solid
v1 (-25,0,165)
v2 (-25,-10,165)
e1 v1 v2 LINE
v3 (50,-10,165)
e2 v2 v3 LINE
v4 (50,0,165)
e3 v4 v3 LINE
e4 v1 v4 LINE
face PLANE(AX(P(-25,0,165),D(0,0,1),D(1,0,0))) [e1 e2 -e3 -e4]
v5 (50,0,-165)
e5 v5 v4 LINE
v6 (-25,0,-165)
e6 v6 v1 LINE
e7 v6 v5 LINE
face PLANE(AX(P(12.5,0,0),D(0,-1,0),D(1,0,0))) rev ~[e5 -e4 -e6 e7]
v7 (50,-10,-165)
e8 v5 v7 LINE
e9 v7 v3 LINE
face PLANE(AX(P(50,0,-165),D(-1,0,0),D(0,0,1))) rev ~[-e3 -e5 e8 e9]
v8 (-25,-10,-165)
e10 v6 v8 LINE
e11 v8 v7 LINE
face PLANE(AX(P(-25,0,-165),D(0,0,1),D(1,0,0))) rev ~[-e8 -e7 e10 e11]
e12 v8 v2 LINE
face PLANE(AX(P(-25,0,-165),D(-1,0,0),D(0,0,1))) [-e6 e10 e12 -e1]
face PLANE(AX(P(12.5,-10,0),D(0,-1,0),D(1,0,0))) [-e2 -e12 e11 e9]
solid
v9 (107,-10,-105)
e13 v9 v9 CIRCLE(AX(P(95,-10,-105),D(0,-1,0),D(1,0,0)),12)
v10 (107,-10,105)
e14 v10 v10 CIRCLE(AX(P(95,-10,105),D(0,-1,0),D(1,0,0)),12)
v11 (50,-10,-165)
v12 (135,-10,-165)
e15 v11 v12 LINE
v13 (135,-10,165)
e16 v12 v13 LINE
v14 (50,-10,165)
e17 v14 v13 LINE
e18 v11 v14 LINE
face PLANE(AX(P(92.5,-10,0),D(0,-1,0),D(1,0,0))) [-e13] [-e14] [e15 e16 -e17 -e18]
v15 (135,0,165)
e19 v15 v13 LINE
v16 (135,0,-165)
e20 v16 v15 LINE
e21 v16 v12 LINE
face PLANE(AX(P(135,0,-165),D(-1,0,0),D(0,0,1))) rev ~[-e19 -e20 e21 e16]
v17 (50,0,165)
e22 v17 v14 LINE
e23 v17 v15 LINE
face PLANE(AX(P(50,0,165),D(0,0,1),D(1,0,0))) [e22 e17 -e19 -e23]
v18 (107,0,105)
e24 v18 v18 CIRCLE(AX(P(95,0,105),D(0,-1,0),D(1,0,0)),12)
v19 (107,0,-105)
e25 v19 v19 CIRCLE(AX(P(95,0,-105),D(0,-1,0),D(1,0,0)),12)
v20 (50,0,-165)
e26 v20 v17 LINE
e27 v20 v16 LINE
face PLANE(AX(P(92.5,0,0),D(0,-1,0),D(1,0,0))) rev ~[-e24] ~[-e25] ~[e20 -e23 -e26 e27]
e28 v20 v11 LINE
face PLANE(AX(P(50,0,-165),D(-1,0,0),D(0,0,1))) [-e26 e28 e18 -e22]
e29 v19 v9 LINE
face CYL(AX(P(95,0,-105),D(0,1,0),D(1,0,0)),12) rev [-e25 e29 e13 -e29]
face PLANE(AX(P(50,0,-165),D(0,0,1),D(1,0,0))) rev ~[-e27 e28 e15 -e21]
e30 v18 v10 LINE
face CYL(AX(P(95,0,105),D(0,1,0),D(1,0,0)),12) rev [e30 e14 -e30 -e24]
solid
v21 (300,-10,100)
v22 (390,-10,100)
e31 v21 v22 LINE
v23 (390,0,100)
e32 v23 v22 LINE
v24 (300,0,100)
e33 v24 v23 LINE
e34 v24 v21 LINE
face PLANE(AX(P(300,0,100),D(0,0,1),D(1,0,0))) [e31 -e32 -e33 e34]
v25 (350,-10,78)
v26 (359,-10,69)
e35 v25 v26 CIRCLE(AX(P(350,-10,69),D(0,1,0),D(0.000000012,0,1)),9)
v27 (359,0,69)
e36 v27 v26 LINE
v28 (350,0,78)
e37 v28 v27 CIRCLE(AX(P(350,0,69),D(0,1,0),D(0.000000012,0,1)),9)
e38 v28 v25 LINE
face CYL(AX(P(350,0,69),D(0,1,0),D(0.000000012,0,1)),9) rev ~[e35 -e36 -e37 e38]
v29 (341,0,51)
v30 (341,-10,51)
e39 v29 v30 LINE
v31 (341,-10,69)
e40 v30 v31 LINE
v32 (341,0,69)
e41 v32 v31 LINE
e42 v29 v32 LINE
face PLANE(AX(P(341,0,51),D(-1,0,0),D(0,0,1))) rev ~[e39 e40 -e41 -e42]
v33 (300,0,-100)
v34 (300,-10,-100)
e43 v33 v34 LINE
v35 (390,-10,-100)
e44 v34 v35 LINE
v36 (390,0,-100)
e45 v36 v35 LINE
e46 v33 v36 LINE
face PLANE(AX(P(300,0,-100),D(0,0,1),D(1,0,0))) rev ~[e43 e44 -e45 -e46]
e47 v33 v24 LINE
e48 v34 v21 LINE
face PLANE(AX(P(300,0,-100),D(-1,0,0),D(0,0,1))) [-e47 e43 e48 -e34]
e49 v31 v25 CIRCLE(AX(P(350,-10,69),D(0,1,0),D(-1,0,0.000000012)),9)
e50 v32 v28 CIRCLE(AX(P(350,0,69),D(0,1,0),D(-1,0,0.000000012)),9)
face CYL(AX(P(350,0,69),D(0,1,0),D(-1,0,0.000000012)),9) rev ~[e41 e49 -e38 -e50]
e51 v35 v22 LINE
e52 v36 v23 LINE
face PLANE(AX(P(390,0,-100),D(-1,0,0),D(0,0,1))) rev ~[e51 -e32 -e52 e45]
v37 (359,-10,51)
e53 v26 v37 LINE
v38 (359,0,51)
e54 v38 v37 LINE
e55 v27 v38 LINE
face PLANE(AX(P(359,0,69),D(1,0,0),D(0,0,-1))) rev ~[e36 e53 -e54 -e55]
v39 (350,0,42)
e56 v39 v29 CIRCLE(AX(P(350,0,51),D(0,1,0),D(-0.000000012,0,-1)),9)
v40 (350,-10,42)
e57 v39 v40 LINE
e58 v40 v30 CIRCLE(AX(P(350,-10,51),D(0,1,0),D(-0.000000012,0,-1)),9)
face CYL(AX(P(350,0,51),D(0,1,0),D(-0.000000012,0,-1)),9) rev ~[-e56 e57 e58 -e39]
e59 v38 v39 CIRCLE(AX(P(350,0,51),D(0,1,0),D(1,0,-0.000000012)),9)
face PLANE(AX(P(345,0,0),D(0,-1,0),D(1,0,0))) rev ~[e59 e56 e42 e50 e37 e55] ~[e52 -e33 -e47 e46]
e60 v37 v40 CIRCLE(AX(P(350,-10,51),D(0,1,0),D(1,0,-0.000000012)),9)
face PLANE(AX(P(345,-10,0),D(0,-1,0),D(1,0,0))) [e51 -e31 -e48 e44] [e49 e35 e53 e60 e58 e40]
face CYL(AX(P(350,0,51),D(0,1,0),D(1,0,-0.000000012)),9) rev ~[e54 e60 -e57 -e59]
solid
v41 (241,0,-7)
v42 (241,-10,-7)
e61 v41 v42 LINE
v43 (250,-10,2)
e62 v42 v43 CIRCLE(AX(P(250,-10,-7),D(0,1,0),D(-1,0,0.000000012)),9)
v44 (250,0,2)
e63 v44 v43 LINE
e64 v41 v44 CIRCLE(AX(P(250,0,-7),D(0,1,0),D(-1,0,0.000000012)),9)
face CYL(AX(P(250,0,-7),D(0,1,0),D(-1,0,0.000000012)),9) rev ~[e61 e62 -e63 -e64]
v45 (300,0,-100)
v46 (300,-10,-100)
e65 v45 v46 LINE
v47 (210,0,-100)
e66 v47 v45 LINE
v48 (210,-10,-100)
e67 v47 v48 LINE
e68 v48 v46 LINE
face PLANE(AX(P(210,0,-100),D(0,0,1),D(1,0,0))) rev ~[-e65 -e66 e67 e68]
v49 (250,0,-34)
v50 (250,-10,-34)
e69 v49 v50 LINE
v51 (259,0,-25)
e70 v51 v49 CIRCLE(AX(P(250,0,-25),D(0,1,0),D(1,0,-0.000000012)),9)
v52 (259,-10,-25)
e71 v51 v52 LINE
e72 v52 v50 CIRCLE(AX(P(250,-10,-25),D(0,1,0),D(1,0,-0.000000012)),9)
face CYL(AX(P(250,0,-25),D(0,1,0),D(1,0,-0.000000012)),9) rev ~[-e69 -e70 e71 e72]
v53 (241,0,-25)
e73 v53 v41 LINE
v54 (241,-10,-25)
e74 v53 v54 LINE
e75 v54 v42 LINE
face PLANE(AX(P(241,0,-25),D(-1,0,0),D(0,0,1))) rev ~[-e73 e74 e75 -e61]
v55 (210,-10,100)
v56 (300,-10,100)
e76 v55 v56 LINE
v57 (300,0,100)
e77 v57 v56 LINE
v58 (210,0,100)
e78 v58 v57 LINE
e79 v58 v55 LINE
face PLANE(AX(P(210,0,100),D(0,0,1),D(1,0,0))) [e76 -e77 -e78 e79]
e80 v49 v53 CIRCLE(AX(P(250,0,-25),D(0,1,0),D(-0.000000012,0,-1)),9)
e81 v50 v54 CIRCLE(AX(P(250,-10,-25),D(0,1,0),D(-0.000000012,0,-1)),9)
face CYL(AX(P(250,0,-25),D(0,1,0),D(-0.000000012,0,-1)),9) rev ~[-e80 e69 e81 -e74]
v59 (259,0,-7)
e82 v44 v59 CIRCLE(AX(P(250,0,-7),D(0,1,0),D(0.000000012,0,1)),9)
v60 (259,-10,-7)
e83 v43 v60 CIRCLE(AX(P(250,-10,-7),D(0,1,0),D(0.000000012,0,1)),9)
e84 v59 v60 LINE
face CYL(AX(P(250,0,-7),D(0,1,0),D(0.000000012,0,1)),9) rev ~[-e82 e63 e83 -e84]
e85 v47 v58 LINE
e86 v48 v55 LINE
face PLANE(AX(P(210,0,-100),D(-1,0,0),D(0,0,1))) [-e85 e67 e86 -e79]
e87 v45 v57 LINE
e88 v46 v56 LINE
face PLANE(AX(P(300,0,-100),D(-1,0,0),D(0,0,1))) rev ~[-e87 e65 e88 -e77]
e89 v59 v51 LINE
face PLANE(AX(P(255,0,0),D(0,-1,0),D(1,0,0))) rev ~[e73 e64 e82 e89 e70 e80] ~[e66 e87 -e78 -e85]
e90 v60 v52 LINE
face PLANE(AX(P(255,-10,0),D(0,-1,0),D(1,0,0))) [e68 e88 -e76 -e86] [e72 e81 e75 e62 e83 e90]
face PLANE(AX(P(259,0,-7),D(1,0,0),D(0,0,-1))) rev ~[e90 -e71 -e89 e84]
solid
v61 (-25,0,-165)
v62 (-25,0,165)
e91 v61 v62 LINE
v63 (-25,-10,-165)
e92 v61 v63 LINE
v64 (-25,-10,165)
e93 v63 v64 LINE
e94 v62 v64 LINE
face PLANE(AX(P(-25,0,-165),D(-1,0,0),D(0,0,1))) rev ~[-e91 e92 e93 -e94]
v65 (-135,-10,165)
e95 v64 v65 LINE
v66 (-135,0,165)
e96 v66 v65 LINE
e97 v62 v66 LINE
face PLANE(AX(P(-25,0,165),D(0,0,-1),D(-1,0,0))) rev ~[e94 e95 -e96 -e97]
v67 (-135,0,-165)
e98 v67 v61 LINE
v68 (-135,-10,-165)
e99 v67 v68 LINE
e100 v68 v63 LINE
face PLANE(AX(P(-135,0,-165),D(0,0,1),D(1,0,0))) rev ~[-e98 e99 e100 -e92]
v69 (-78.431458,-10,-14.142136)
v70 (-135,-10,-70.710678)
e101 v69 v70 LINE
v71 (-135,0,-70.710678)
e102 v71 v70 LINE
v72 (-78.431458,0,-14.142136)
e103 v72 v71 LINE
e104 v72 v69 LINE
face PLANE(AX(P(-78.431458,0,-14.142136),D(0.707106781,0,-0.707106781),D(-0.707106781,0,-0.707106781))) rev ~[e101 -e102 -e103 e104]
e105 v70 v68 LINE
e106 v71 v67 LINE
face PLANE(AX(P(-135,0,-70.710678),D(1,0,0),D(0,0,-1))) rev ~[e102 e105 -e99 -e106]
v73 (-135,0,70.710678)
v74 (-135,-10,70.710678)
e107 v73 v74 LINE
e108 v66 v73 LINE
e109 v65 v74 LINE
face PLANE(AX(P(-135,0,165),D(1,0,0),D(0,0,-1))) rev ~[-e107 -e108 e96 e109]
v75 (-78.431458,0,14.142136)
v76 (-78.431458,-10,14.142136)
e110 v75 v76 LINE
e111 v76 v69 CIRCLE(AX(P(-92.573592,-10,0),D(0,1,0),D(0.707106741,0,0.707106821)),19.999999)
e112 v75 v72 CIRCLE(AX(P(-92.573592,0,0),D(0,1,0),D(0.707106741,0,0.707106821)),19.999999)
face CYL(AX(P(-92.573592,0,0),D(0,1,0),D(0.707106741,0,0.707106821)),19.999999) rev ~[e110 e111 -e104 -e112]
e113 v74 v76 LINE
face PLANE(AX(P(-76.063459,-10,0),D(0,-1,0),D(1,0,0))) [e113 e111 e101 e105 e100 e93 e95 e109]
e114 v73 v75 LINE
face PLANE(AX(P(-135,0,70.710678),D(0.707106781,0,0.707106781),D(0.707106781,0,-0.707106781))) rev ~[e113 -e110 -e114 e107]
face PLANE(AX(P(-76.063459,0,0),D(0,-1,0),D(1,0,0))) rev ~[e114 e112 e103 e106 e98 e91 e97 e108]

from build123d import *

# Parameters (mm, degrees)
F0_W     = 90
F0_H     = 200
F1_DEPTH = 10
F0_W_2   = 85
F0_H_2   = 330
F0_R     = 12
F2_DEPTH = 10
F0_W_3   = 75
F3_DEPTH = 10


with BuildPart() as f1:
    # F0 (on Front) → F1 (new body)
    with BuildSketch(Plane.XZ):
        with BuildLine():
            Line((-25, -165), (-25, 165))
            Line((-25, 165), (-135, 165))
            Line((-135, 165), (-135, 70.710678))
            Line((-135, 70.710678), (-78.431458, 14.142136))
            ThreePointArc((-78.431458, 14.142136), (-72.573593, 0), (-78.431458, -14.142136))
            Line((-78.431458, -14.142136), (-135, -70.710678))
            Line((-135, -70.710678), (-135, -165))
            Line((-135, -165), (-25, -165))
        make_face()
        with Locations((255, 0)):
            Rectangle(F0_W, F0_H)
        Polygon((250, 2), (259, 2), (259, -7), (259, -25), (259, -34), (250, -34), (241, -34), (241, -25), (241, -7), (241, 2), align=None, mode=Mode.SUBTRACT)
        with BuildLine():
            Line((259, -34), (259, -25))
            ThreePointArc((259, -25), (256.363961, -31.363961), (250, -34))
            Line((250, -34), (259, -34))
        make_face()
        with BuildLine():
            Line((259, -7), (259, 2))
            Line((259, 2), (250, 2))
            ThreePointArc((250, 2), (256.363961, -0.636039), (259, -7))
        make_face()
        with BuildLine():
            ThreePointArc((241, -7), (243.636039, -0.636039), (250, 2))
            Line((250, 2), (241, 2))
            Line((241, 2), (241, -7))
        make_face()
        with BuildLine():
            ThreePointArc((250, -34), (243.636039, -31.363961), (241, -25))
            Line((241, -25), (241, -34))
            Line((241, -34), (250, -34))
        make_face()
    extrude(amount=F1_DEPTH)


with BuildPart() as f2:
    # F0 (on Front) → F2 (new body)
    with BuildSketch(Plane.XZ):
        with Locations((92.5, 0)):
            Rectangle(F0_W_2, F0_H_2)
        with Locations((95, -105)):
            Circle(F0_R, mode=Mode.SUBTRACT)
        with Locations((95, 105)):
            Circle(F0_R, mode=Mode.SUBTRACT)
        with Locations((345, 0)):
            Rectangle(F0_W, F0_H)
        Polygon((350, 78), (359, 78), (359, 69), (359, 51), (359, 42), (350, 42), (341, 42), (341, 51), (341, 69), (341, 78), align=None, mode=Mode.SUBTRACT)
        with BuildLine():
            ThreePointArc((341, 69), (343.636039, 75.363961), (350, 78))
            Line((350, 78), (341, 78))
            Line((341, 78), (341, 69))
        make_face()
        with BuildLine():
            Line((359, 69), (359, 78))
            Line((359, 78), (350, 78))
            ThreePointArc((350, 78), (356.363961, 75.363961), (359, 69))
        make_face()
        with BuildLine():
            Line((359, 42), (359, 51))
            ThreePointArc((359, 51), (356.363961, 44.636039), (350, 42))
            Line((350, 42), (359, 42))
        make_face()
        with BuildLine():
            ThreePointArc((350, 42), (343.636039, 44.636039), (341, 51))
            Line((341, 51), (341, 42))
            Line((341, 42), (350, 42))
        make_face()
    extrude(amount=F2_DEPTH)


with BuildPart() as f3:
    # F0 (on Front) → F3 (new body)
    with BuildSketch(Plane.XZ):
        with Locations((12.5, 0)):
            Rectangle(F0_W_3, F0_H_2)
    extrude(amount=F3_DEPTH)


solid = Compound([f1.part, f2.part, f3.part])
